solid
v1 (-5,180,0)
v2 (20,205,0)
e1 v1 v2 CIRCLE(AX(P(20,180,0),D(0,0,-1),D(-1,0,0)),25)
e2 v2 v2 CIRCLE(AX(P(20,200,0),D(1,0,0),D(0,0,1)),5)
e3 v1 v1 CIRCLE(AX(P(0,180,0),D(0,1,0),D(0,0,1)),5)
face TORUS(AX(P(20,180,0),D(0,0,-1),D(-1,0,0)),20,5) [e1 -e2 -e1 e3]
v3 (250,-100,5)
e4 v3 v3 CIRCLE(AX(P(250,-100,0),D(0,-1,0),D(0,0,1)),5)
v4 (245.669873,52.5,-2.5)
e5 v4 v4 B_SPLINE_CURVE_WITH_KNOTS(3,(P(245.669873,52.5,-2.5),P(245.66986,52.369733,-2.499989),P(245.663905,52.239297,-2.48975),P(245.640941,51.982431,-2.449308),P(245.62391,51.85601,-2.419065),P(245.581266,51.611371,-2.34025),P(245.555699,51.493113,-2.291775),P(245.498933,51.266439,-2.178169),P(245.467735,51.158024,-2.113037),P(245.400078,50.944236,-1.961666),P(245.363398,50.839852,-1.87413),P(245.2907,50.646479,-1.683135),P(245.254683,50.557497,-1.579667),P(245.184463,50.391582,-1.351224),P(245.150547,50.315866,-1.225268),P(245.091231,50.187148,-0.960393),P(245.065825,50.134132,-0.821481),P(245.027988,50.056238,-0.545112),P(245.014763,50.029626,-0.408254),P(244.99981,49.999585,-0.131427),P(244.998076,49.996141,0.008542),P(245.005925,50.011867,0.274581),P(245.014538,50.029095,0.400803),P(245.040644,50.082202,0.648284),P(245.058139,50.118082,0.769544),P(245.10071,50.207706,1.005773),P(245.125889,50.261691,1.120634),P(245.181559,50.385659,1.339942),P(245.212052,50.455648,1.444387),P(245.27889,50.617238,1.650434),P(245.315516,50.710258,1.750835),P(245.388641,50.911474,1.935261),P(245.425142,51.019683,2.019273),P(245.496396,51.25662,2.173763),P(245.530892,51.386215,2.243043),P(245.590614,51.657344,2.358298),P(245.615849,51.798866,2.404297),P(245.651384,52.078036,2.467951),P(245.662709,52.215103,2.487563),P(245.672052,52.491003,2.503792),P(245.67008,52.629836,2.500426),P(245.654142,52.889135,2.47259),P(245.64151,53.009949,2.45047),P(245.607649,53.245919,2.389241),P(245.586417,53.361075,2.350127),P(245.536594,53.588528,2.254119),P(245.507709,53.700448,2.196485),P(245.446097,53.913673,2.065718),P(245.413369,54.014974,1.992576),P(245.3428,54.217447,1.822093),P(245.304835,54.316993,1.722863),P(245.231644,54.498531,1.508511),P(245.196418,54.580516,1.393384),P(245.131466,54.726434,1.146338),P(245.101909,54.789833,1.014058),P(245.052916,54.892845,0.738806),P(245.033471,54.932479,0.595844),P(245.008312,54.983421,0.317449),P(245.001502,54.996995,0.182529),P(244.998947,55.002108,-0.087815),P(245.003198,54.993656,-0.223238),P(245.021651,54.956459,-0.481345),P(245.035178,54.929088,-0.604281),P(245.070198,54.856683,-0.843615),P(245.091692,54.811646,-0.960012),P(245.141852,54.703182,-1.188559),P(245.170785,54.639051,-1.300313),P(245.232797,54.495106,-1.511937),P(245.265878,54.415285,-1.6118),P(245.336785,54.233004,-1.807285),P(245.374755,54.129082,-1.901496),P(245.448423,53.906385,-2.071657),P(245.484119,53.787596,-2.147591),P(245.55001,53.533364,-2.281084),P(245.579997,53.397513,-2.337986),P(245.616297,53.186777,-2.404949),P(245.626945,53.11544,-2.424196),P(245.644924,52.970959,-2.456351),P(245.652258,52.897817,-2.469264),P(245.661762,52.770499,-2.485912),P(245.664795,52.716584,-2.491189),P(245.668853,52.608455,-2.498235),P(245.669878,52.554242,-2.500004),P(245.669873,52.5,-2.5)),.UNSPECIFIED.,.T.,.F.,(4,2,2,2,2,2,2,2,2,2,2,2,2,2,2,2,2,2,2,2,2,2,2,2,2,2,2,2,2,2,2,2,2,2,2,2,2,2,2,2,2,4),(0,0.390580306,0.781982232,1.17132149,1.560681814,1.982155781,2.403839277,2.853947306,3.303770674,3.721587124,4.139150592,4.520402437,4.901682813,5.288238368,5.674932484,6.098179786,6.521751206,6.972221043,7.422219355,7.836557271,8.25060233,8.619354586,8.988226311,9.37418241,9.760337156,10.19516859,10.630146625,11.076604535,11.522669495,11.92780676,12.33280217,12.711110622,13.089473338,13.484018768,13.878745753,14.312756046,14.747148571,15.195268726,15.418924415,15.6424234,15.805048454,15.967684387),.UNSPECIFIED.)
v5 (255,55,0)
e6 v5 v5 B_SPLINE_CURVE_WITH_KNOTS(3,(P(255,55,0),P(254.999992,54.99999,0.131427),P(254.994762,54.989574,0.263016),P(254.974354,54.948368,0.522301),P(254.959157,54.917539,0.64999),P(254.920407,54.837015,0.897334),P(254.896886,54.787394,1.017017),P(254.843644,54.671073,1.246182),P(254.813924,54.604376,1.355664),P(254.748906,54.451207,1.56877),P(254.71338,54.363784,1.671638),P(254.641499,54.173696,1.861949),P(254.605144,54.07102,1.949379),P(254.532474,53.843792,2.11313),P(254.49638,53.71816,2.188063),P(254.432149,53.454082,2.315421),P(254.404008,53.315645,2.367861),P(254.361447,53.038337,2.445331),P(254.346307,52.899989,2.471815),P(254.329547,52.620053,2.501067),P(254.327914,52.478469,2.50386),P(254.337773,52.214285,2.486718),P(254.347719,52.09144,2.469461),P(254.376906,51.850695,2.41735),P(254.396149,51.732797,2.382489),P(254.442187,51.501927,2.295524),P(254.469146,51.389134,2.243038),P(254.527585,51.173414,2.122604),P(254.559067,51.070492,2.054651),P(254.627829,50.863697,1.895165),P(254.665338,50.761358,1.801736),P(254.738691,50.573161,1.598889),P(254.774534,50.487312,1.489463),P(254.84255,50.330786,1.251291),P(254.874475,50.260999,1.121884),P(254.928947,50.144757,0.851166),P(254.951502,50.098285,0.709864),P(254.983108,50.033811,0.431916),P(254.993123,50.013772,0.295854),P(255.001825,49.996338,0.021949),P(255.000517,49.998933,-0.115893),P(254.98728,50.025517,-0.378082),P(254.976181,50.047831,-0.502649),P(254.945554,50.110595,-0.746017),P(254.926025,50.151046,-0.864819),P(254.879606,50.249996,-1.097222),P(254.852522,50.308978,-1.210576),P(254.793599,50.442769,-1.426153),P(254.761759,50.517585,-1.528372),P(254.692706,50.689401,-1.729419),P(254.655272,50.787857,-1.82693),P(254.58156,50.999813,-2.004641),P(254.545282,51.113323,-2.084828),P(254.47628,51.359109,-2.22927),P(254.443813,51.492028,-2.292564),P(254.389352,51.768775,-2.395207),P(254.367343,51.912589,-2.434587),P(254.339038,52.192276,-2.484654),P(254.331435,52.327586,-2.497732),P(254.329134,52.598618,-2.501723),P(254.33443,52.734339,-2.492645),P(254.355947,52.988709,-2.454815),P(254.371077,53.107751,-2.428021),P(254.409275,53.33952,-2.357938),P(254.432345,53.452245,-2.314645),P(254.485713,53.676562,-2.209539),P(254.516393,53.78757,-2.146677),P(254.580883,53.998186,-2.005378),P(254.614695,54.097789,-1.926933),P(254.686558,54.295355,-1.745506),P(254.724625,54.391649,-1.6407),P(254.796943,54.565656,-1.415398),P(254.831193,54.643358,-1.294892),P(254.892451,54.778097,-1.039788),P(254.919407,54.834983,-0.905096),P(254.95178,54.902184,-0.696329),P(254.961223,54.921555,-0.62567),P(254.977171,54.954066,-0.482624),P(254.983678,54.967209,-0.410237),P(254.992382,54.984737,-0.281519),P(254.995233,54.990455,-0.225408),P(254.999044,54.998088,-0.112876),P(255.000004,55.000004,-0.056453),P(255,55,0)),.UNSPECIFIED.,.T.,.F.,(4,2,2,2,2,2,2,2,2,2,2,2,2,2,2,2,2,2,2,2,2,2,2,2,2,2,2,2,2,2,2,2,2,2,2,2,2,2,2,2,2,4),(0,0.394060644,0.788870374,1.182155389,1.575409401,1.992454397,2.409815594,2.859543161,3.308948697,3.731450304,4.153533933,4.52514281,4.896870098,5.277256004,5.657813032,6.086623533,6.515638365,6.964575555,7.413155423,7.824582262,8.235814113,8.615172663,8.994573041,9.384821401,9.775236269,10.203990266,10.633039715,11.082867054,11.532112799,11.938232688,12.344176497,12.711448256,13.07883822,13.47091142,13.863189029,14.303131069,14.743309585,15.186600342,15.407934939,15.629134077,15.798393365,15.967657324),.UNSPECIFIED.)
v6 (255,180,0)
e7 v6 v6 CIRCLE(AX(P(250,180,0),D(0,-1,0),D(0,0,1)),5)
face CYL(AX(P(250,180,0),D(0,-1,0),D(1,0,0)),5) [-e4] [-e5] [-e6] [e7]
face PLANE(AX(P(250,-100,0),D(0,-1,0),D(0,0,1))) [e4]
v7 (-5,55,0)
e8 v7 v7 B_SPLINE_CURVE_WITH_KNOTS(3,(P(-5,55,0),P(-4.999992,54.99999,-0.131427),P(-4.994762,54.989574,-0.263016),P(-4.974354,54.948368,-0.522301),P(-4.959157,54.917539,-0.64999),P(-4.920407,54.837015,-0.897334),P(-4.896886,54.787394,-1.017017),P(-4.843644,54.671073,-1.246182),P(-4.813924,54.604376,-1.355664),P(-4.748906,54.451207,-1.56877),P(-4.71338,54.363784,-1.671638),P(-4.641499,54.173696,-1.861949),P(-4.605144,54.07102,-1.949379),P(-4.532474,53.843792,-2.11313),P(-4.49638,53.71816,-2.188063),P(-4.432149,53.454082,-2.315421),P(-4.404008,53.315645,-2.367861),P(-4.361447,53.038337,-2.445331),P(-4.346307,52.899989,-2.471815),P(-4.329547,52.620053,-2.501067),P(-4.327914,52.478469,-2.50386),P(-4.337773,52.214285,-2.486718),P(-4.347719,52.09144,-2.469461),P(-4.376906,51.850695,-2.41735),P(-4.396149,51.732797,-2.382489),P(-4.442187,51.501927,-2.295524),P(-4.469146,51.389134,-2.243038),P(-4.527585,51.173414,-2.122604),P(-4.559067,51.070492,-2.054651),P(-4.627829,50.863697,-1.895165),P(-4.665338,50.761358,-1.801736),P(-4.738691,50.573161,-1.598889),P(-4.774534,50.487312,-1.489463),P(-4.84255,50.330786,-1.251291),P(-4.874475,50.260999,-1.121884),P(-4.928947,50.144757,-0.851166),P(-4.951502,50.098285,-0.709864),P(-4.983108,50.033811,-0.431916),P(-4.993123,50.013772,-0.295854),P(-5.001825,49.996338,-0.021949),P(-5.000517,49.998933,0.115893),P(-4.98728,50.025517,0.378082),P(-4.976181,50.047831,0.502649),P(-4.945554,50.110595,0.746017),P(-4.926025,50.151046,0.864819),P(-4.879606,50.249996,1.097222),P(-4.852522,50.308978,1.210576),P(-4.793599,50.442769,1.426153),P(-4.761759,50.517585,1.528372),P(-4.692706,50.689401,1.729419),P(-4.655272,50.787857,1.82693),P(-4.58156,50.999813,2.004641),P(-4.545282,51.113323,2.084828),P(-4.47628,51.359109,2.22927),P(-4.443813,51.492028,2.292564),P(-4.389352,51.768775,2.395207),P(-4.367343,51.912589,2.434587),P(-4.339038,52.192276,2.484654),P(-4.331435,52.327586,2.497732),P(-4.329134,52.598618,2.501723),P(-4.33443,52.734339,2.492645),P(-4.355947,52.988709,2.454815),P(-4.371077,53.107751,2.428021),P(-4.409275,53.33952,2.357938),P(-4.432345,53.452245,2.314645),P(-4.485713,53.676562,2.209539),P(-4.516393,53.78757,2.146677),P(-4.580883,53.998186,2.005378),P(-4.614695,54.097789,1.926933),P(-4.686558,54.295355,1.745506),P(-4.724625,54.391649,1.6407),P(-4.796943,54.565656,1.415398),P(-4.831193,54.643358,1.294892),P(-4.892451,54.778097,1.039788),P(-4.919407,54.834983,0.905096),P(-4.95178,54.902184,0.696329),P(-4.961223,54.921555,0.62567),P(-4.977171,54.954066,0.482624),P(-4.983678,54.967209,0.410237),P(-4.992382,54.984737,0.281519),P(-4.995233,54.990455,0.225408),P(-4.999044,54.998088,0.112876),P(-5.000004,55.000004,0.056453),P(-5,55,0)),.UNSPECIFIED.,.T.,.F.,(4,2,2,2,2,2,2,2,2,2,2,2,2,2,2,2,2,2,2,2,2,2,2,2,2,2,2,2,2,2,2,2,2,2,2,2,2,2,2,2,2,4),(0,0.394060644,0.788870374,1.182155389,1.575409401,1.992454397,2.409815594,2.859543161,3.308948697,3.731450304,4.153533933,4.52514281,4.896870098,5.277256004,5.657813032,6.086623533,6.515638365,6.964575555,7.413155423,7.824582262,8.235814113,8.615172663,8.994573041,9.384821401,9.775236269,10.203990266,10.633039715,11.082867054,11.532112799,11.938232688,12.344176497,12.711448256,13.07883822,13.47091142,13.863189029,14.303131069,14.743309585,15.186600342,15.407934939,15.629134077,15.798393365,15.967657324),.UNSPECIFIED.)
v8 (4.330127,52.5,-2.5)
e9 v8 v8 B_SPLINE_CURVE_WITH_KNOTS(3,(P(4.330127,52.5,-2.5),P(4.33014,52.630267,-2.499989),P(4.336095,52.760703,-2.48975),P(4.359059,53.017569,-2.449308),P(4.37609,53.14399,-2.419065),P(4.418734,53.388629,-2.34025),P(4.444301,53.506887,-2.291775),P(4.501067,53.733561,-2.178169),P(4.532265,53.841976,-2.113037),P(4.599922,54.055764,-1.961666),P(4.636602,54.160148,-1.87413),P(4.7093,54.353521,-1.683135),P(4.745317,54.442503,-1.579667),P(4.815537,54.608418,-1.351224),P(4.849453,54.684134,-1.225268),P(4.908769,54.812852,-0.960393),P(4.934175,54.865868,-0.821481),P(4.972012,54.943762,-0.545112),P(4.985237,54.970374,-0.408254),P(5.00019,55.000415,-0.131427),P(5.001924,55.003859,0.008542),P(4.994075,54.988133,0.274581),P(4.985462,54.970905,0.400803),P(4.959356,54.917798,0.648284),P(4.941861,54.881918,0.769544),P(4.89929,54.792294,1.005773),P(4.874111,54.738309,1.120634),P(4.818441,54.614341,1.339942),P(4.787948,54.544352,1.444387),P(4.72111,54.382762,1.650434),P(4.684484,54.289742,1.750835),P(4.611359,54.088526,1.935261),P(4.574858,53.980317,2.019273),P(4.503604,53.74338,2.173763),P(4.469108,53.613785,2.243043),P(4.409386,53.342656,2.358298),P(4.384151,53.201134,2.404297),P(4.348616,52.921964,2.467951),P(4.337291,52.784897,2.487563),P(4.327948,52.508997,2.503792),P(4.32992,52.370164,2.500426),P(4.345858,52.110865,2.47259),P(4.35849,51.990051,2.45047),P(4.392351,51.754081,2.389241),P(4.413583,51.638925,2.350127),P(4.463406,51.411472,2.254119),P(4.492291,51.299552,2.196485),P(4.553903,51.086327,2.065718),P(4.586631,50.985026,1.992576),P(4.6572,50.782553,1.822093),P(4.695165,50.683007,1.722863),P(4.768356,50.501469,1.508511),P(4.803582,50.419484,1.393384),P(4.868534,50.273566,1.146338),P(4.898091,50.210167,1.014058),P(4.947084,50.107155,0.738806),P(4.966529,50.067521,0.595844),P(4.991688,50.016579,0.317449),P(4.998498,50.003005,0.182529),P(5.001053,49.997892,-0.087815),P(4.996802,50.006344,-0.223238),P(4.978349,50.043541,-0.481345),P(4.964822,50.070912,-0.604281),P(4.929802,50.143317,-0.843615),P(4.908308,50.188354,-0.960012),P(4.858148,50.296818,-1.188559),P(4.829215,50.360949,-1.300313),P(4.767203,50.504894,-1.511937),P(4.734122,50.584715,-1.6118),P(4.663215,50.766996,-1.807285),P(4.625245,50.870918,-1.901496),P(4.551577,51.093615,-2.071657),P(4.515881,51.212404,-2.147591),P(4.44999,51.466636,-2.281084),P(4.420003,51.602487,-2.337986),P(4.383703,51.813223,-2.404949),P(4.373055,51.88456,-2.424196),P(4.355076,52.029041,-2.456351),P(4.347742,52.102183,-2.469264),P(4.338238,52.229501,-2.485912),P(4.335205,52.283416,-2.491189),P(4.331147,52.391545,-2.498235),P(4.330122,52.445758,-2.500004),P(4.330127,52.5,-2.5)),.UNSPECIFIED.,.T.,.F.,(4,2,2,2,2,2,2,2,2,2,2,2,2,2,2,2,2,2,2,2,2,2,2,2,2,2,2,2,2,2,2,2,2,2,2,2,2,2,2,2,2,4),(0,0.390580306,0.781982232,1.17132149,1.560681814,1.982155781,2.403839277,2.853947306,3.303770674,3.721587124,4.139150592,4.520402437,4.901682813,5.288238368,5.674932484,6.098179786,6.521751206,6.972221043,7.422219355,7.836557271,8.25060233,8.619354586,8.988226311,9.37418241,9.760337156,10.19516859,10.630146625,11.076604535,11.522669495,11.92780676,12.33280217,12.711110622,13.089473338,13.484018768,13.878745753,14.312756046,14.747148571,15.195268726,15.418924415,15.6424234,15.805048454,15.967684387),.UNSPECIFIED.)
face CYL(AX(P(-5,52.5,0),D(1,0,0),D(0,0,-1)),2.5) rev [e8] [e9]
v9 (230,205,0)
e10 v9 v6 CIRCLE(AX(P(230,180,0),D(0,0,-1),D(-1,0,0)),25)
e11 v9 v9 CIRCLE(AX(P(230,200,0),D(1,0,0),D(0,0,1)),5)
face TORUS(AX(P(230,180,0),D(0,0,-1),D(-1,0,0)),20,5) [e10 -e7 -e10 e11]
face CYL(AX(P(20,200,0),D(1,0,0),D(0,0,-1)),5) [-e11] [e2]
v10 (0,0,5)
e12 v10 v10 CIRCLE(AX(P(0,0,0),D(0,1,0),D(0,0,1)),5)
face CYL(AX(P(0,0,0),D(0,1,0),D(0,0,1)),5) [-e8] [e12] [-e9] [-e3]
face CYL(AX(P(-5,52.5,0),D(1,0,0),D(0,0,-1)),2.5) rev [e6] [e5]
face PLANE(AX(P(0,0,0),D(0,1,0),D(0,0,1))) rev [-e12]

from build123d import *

# Parameters (mm, degrees)
CROQUIS2_R                 = 5
CORTAR_EXTRUIR2_DEPTH      = 328.223165581
CORTAR_EXTRUIR2_DEPTH_BACK = 328.223165581
CROQUIS4_R                 = 2.5


with BuildPart() as part:
    # Barrer1: sweep along a path in Croquis1
    with BuildLine(Plane.XY) as barrer1_path:
        Line((0, 0), (0, 180))
        ThreePointArc((0, 180), (5.857864376, 194.142135624), (20, 200))
        Line((20, 200), (230, 200))
        ThreePointArc((230, 200), (244.142135624, 194.142135624), (250, 180))
        Line((250, 180), (250, -100))
    # Croquis2 → Barrer1 (sweep)
    with BuildSketch(Plane(origin=(0, 0, 0), x_dir=(1, 0, 0), z_dir=(0, 1, 0))):
        Circle(CROQUIS2_R)
    sweep(path=barrer1_path.line)

    # Croquis4 → Cortar-Extruir2 (cut, two sides: drawn at the far end of the back side and taken through both)
    with BuildSketch(Plane(origin=(0, 0, 0), x_dir=(0, 0, -1), z_dir=(1, 0, 0)).offset(-CORTAR_EXTRUIR2_DEPTH_BACK)):
        with Locations((0, 52.5)):
            Circle(CROQUIS4_R)
    extrude(amount=CORTAR_EXTRUIR2_DEPTH + CORTAR_EXTRUIR2_DEPTH_BACK, mode=Mode.SUBTRACT)


solid = part.part
